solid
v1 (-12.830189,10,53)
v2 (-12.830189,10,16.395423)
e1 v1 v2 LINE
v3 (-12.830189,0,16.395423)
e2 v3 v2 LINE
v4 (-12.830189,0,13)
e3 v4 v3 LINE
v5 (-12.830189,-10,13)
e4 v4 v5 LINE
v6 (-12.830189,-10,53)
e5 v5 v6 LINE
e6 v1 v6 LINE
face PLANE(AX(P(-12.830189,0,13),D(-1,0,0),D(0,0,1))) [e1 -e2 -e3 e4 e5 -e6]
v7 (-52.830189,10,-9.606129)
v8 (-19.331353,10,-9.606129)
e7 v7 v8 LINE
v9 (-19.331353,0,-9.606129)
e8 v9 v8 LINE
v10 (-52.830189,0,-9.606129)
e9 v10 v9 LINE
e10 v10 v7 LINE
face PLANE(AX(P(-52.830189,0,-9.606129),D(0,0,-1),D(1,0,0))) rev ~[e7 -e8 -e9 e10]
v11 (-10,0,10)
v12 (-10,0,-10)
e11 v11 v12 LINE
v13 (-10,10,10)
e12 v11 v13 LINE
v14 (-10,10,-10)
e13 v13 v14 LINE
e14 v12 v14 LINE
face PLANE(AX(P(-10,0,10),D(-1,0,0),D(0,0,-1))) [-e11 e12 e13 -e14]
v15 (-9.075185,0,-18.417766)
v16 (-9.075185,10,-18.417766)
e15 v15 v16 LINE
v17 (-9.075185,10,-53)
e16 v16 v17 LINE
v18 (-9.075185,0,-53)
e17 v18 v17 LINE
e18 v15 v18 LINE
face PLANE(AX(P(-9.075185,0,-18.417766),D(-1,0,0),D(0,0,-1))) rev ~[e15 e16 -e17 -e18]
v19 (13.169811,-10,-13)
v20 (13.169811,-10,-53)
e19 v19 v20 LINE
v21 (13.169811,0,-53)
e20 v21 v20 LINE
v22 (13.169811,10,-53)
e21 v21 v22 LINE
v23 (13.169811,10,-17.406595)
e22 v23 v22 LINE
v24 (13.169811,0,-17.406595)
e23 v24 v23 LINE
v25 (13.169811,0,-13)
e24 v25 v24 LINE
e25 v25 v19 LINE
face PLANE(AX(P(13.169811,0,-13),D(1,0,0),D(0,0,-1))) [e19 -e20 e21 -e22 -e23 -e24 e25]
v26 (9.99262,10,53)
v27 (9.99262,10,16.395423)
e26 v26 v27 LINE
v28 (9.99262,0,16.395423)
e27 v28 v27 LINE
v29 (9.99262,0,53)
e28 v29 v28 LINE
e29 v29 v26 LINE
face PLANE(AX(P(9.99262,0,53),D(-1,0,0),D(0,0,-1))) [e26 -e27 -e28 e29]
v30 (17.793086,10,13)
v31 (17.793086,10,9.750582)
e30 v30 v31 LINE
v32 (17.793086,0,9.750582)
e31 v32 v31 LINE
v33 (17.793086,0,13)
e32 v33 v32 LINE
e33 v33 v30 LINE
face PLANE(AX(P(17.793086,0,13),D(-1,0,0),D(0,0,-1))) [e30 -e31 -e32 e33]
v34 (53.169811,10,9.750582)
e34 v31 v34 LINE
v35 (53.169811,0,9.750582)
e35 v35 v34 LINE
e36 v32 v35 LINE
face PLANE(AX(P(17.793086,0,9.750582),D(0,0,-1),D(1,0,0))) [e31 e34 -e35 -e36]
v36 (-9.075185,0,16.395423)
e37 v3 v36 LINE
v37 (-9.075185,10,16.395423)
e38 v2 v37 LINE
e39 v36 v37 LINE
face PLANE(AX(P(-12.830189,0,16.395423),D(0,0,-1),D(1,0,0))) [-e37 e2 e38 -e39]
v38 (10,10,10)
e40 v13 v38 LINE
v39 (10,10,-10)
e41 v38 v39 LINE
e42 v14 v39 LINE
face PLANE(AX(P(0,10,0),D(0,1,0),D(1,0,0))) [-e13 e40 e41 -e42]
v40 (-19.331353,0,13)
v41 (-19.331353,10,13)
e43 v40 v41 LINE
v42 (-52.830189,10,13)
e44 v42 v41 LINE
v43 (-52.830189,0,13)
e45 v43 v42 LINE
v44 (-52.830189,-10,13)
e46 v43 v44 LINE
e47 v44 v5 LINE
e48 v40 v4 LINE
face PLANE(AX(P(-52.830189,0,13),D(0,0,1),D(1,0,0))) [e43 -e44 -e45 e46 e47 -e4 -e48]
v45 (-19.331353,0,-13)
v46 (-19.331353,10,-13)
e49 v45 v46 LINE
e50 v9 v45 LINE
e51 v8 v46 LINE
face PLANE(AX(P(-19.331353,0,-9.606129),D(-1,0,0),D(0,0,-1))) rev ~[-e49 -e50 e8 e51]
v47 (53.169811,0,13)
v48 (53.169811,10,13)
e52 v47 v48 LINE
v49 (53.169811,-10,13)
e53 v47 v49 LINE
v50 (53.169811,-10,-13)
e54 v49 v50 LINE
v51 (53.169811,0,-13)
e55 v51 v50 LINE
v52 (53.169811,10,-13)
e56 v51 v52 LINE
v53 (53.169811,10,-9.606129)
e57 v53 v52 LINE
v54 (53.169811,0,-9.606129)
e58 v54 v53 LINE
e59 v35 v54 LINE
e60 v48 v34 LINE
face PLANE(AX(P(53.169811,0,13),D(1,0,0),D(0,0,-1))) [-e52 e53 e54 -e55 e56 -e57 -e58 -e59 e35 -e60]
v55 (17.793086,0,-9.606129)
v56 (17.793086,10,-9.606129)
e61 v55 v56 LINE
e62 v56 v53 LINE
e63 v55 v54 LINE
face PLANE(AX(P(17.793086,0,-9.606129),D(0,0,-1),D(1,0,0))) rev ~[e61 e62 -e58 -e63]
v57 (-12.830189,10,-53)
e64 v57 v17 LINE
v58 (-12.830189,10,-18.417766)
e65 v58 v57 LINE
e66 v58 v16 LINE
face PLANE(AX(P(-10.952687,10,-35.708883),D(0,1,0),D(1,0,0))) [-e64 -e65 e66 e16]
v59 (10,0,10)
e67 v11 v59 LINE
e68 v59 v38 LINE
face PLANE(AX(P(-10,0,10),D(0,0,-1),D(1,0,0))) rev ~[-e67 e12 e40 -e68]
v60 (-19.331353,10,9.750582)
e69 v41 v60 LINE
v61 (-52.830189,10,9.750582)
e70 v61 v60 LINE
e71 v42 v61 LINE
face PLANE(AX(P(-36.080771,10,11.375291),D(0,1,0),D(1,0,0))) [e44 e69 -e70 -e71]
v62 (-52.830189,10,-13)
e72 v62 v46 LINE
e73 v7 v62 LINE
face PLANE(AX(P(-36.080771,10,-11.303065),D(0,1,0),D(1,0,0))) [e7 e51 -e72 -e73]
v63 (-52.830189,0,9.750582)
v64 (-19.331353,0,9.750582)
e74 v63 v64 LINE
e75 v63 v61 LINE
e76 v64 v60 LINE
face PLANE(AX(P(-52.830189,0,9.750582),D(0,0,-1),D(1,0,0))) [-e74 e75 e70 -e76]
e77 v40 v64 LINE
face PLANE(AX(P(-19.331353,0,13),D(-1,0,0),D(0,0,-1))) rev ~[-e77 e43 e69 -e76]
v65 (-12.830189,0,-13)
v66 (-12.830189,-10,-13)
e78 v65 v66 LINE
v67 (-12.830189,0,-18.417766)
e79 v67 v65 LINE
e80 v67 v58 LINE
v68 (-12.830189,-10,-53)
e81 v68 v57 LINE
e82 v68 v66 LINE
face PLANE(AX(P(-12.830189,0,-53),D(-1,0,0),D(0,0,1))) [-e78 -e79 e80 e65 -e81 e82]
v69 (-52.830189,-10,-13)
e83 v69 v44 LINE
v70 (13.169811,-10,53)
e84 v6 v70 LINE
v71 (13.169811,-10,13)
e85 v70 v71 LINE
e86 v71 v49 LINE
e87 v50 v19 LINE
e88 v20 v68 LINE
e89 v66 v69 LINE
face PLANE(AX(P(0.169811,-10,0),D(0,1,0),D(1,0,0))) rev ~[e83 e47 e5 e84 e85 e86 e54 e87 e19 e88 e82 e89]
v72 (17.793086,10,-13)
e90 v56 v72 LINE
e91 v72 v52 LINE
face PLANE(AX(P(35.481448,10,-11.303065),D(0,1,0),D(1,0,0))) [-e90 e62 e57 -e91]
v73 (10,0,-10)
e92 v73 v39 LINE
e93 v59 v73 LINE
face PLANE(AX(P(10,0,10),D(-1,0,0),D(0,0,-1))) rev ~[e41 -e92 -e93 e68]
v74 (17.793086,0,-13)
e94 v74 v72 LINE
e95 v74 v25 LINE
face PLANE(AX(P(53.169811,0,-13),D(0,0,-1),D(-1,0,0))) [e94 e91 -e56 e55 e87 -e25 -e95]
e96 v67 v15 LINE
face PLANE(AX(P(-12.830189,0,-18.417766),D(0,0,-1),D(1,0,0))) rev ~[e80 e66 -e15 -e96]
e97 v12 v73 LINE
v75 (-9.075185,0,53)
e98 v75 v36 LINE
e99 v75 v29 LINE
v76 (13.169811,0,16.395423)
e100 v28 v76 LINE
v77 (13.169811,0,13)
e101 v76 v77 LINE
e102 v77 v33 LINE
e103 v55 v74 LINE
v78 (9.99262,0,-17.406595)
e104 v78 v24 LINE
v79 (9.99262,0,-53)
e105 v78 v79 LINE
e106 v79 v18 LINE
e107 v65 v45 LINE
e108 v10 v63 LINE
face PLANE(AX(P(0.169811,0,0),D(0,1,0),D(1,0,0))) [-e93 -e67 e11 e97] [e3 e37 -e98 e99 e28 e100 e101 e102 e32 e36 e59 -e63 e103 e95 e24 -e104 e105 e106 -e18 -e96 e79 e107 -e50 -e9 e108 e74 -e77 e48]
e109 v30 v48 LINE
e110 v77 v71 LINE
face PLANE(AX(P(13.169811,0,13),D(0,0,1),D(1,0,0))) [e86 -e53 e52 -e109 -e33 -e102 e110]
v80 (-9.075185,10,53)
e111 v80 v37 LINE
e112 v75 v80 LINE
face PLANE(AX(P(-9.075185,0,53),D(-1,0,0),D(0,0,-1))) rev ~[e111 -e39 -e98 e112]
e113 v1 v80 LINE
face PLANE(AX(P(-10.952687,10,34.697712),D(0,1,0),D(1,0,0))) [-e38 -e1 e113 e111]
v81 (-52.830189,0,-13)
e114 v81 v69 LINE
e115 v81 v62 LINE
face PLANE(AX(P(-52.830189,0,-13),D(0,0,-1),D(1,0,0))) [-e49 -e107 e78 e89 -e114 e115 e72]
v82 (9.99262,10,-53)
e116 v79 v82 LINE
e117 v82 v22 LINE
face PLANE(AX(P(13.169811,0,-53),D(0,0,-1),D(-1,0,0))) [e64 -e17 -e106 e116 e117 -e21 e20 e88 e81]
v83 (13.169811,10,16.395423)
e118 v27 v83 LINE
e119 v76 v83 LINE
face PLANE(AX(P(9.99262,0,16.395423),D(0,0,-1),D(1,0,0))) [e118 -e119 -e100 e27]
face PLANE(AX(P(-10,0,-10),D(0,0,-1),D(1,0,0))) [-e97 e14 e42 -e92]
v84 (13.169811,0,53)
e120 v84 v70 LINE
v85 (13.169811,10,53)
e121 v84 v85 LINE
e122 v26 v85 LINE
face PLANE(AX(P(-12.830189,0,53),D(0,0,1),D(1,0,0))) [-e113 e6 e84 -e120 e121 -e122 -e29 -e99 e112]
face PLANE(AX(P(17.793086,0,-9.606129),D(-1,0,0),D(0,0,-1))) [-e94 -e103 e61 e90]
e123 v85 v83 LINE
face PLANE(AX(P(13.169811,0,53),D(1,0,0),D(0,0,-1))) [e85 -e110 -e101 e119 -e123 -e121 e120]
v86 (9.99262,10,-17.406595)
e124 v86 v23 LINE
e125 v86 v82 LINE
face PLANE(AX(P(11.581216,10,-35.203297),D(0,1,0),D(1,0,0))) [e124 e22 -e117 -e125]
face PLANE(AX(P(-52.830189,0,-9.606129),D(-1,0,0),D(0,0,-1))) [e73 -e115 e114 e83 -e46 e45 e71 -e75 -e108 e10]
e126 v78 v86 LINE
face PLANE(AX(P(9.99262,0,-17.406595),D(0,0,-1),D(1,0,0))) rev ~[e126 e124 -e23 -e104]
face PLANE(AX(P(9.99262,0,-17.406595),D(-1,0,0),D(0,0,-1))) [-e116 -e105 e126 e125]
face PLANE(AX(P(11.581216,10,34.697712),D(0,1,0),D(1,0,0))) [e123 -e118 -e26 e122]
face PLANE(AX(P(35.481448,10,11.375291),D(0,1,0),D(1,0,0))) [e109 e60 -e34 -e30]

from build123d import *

# Parameters (mm, degrees)
BOSS_EXTRUDE1_DEPTH = 10
SKETCH3_W           = 20
SKETCH3_H           = 20
BOSS_EXTRUDE2_DEPTH = 10
SKETCH4_W           = 33.498835794
SKETCH4_H           = 3.393870965
SKETCH4_H_2         = 3.249417897
SKETCH4_W_2         = 3.755003636
SKETCH4_H_3         = 36.60457676
SKETCH4_W_3         = 3.177191363
SKETCH4_W_4         = 35.376725681
SKETCH4_H_4         = 35.593405283
SKETCH4_H_5         = 34.582233806
BOSS_EXTRUDE3_DEPTH = 10


with BuildPart() as part:
    # Sketch1 → Boss-Extrude1 (new body)
    with BuildSketch(Plane(origin=(0, 0, 0), x_dir=(1, 0, 0), z_dir=(0, 1, 0))):
        Polygon((-12.830188679, 53), (-12.830188679, 13), (-52.830188679, 13), (-52.830188679, -13), (-12.830188679, -13), (-12.830188679, -53), (13.169811321, -53), (13.169811321, -13), (53.169811321, -13), (53.169811321, 13), (13.169811321, 13), (13.169811321, 53), align=None)
    extrude(amount=-BOSS_EXTRUDE1_DEPTH)

    # Sketch3 → Boss-Extrude2 (add)
    with BuildSketch(Plane(origin=(0, 0, 0), x_dir=(1, 0, 0), z_dir=(0, 1, 0))):
        Rectangle(SKETCH3_W, SKETCH3_H)
    extrude(amount=BOSS_EXTRUDE2_DEPTH)

    # Sketch4 → Boss-Extrude3 (add)
    with BuildSketch(Plane(origin=(0, 0, 0), x_dir=(1, 0, 0), z_dir=(0, 1, 0))):
        with Locations((-36.080770782, 11.303064518)):
            Rectangle(SKETCH4_W, SKETCH4_H)
        with Locations((-36.080770782, -11.375291051)):
            Rectangle(SKETCH4_W, SKETCH4_H_2)
        with Locations((-10.952686861, -34.69771162)):
            Rectangle(SKETCH4_W_2, SKETCH4_H_3)
        with Locations((11.58121564, -34.69771162)):
            Rectangle(SKETCH4_W_3, SKETCH4_H_3)
        with Locations((35.481448481, -11.375291051)):
            Rectangle(SKETCH4_W_4, SKETCH4_H_2)
        with Locations((35.481448481, 11.303064518)):
            Rectangle(SKETCH4_W_4, SKETCH4_H)
        with Locations((11.58121564, 35.203297359)):
            Rectangle(SKETCH4_W_3, SKETCH4_H_4)
        with Locations((-10.952686861, 35.708883097)):
            Rectangle(SKETCH4_W_2, SKETCH4_H_5)
    extrude(amount=BOSS_EXTRUDE3_DEPTH)


solid = part.part
